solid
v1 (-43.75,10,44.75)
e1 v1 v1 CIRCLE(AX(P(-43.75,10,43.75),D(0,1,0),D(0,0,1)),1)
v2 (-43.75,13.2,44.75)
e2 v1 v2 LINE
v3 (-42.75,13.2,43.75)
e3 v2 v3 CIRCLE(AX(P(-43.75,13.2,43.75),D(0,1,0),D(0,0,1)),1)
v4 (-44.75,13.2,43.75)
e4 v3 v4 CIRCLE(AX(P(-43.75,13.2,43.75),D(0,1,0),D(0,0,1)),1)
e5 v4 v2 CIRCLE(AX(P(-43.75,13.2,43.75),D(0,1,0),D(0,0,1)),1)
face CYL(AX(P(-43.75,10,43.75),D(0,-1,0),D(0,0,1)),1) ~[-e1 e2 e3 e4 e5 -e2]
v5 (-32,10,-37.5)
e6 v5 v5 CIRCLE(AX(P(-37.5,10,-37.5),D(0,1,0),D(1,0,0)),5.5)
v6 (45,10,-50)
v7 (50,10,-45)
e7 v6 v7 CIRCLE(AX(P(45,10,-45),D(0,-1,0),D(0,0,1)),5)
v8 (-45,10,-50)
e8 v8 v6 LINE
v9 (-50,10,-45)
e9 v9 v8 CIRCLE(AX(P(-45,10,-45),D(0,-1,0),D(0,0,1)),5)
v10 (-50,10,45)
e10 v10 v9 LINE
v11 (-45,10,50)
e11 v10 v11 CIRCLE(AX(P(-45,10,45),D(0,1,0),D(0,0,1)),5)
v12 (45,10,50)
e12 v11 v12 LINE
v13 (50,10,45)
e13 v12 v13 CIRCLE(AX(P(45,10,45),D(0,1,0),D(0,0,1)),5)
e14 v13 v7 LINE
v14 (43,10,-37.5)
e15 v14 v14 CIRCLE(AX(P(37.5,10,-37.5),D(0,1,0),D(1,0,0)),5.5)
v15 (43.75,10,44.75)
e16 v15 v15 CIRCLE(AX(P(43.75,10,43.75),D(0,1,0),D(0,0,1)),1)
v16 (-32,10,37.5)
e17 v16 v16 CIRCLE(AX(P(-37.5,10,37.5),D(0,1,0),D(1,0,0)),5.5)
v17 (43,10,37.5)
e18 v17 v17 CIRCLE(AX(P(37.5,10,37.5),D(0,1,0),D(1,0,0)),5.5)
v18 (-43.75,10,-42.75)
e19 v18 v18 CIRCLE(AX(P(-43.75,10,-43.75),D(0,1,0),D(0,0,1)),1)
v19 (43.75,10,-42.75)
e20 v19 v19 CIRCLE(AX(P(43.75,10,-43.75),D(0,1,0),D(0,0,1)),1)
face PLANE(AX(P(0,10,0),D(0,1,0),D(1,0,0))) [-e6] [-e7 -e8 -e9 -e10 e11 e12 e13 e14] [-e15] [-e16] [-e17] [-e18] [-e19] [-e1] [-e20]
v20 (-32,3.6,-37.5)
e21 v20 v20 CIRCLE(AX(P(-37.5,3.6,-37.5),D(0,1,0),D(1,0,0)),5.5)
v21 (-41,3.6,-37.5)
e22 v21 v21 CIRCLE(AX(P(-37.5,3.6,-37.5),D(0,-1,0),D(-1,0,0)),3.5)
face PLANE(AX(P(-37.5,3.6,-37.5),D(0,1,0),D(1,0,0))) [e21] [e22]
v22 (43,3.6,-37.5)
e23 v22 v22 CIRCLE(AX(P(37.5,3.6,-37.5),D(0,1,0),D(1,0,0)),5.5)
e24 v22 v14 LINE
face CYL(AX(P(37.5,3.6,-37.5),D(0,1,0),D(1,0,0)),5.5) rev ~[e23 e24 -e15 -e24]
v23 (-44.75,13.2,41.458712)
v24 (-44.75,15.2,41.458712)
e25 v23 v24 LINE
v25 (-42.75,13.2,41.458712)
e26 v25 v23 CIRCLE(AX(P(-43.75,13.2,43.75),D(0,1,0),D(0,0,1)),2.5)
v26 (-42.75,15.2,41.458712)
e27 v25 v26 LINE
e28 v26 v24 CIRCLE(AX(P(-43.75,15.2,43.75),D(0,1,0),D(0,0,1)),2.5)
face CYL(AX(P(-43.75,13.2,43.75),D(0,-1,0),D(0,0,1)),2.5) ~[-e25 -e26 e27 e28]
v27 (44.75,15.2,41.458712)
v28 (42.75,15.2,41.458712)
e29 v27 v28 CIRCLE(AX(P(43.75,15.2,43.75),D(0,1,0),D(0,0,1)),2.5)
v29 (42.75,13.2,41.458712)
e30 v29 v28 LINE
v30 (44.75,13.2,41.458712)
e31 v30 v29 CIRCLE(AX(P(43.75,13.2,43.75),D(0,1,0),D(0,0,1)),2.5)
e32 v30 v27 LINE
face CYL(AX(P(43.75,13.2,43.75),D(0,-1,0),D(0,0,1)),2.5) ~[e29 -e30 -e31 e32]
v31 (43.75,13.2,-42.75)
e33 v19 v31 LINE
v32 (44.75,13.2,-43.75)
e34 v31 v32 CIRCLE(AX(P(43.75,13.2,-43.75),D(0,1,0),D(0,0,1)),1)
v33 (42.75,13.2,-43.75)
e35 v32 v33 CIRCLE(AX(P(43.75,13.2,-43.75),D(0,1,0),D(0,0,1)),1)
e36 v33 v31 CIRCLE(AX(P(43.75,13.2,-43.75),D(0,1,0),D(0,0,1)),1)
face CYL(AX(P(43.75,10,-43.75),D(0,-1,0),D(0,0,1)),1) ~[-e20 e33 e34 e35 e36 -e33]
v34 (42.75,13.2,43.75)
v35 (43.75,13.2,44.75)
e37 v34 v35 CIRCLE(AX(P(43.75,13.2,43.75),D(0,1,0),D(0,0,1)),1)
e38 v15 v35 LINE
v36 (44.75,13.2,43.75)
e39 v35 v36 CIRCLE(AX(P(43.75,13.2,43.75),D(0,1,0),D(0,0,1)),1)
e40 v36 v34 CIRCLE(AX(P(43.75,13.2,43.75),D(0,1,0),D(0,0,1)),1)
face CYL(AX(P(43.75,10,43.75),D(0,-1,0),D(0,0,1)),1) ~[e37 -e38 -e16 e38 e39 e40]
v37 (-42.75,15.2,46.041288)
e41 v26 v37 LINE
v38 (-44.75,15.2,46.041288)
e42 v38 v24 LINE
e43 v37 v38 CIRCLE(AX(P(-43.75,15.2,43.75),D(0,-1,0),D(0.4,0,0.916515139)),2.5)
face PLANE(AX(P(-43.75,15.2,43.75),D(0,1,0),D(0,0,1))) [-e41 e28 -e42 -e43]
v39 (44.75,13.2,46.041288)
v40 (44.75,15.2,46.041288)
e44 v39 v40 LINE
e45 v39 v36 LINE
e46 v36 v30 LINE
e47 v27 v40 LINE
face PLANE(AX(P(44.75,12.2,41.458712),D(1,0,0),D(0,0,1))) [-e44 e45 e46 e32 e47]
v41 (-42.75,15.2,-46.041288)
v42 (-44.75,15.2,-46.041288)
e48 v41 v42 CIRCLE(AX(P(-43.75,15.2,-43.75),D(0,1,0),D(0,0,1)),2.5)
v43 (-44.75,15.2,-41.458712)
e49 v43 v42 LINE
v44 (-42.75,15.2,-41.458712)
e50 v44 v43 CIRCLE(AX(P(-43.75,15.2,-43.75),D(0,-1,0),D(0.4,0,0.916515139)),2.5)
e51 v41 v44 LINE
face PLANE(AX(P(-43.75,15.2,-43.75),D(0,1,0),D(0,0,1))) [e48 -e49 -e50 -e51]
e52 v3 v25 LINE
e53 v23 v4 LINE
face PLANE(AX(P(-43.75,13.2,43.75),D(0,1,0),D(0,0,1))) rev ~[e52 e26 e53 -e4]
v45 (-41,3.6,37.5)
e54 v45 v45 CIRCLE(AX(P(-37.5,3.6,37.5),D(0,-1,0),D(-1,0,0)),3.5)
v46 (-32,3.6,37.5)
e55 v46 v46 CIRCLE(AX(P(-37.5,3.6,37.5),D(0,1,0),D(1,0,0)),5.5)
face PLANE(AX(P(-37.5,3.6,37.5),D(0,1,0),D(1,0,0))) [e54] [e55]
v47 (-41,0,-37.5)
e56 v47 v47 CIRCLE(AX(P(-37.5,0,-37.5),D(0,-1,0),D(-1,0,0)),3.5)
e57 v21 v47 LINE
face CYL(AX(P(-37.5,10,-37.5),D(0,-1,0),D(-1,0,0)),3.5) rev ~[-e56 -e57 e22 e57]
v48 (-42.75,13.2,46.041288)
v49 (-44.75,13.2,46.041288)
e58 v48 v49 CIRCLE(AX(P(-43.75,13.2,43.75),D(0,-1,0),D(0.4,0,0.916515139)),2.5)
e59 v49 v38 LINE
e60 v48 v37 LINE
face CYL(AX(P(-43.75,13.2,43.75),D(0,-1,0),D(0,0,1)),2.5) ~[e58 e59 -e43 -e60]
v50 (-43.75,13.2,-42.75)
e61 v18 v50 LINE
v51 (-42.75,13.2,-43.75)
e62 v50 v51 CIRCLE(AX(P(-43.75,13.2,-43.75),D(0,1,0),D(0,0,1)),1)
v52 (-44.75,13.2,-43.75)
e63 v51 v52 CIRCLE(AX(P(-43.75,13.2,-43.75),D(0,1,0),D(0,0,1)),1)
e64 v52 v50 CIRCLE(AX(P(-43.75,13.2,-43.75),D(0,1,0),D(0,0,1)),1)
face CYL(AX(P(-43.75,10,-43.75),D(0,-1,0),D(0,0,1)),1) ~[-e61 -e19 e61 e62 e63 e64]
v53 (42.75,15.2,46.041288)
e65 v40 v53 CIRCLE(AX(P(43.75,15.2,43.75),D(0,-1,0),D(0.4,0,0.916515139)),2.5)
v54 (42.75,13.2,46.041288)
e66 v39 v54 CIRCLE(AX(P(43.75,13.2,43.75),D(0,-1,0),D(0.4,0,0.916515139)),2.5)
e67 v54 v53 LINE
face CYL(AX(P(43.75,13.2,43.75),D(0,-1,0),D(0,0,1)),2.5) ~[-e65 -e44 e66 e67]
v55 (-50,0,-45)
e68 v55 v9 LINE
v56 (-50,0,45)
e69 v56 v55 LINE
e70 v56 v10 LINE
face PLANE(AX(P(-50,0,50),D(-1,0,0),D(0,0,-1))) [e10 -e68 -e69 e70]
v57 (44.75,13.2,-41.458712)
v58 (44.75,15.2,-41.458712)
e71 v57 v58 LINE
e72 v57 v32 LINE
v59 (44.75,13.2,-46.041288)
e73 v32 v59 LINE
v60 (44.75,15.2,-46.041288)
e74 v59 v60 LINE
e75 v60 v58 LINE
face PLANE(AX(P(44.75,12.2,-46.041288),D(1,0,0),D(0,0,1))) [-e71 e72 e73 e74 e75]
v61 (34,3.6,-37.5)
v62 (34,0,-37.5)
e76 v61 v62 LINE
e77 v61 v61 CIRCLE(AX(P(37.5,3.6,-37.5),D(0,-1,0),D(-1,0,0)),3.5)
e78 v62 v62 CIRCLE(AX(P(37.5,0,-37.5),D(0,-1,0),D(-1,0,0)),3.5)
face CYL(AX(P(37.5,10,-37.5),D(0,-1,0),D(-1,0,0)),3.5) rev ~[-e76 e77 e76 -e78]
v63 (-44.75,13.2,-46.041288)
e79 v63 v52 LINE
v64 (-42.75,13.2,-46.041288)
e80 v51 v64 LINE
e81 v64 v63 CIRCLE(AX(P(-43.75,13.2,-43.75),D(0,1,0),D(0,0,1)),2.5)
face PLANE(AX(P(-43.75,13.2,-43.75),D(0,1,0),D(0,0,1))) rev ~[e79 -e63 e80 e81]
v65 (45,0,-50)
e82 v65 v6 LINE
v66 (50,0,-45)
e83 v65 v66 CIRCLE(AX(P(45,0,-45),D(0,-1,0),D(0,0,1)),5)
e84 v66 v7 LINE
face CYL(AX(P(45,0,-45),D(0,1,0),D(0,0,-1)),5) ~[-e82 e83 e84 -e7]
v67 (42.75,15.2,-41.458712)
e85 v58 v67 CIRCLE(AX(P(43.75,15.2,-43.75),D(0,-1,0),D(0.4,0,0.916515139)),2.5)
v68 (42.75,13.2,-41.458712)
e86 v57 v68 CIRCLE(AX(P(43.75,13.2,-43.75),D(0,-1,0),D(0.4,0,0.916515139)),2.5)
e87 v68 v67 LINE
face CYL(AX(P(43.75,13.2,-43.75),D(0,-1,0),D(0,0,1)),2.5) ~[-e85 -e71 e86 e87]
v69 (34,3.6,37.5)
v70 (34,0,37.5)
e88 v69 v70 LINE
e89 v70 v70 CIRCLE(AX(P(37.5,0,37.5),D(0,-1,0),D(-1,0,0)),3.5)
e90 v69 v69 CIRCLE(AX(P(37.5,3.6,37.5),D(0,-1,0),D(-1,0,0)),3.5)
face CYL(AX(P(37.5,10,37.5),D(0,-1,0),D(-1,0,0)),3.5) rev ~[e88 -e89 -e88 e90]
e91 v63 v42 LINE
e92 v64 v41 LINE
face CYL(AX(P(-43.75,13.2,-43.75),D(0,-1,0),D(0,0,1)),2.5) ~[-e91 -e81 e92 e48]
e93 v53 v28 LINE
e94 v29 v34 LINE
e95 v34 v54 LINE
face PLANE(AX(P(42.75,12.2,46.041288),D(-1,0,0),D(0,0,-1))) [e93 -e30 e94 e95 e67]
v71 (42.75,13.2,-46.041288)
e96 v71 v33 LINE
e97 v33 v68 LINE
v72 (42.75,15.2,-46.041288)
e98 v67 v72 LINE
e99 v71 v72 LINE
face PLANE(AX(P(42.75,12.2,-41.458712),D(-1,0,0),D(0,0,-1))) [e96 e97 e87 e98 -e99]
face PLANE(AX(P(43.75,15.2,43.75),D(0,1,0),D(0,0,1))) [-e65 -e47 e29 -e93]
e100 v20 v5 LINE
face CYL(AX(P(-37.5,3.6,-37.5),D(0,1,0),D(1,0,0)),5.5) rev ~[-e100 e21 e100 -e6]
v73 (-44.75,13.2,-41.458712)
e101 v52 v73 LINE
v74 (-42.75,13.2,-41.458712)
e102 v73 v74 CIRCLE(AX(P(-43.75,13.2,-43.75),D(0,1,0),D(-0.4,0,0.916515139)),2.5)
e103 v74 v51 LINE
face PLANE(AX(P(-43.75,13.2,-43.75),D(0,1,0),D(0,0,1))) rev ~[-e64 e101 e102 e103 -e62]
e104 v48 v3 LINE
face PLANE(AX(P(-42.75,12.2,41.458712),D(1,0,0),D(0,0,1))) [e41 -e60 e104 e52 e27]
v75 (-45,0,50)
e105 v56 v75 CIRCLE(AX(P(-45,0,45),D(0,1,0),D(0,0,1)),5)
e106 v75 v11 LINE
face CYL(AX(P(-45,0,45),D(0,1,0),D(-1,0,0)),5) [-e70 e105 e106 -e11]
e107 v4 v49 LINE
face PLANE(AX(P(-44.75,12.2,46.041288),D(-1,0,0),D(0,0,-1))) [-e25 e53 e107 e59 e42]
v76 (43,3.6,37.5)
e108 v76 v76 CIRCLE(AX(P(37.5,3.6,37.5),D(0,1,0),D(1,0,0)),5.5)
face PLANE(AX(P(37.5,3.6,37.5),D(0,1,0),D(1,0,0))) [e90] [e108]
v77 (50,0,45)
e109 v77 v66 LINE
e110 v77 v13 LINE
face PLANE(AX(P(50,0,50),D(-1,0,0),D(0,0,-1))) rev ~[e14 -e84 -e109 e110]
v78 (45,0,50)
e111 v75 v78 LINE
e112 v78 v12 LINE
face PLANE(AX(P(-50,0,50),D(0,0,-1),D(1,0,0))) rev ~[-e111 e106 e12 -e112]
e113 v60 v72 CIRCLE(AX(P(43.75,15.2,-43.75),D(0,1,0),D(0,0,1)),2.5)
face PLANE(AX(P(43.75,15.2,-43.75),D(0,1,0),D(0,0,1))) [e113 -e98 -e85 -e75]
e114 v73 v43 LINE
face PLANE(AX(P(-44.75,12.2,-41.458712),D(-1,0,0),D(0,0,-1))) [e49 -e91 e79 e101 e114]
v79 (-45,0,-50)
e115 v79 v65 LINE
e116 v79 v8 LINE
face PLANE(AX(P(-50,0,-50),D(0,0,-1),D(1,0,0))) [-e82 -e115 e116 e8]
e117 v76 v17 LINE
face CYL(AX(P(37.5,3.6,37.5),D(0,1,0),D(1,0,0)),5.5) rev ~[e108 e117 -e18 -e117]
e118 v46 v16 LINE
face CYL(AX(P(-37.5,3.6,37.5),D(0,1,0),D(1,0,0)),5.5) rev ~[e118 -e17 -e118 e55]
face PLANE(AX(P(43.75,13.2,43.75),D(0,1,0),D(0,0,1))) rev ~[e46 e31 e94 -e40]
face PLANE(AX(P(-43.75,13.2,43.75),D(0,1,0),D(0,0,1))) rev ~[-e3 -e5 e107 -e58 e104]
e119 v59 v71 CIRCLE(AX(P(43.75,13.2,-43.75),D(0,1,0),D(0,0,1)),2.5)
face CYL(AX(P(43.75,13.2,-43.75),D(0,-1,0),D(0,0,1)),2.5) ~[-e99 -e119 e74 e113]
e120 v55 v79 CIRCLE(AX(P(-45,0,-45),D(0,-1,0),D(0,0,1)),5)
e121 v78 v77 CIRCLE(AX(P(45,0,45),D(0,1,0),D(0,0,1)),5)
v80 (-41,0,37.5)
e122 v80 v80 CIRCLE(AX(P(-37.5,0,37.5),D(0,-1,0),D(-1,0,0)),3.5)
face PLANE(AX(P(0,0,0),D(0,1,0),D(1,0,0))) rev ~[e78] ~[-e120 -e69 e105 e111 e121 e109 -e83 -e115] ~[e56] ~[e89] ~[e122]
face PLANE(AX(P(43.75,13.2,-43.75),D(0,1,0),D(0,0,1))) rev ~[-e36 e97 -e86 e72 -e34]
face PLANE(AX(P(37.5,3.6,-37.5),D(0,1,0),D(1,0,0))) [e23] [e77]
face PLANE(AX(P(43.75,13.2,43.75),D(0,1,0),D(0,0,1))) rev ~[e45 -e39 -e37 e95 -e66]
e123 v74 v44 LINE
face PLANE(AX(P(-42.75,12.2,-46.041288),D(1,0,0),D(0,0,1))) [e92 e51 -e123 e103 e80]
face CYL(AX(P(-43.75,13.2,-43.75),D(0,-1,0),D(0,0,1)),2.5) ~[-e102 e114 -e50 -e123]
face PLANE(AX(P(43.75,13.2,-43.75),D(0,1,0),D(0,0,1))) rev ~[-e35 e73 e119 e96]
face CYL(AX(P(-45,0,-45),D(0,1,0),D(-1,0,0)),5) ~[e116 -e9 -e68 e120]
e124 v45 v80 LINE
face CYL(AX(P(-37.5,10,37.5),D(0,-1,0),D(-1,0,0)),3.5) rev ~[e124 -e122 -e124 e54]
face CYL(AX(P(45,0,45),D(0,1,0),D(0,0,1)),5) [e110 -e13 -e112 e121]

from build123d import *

# Parameters (mm, degrees)
SKETCH1_W                                           = 100
SKETCH1_H                                           = 100
BOSS_EXTRUDE1_DEPTH                                 = 10
CBORE_FOR_M6_HEX_SOCKET_HEAD_CAP_SCREW1_D           = 7
CBORE_FOR_M6_HEX_SOCKET_HEAD_CAP_SCREW1_DEPTH       = 17.946987833
CBORE_FOR_M6_HEX_SOCKET_HEAD_CAP_SCREW1_CBORE_D     = 11
CBORE_FOR_M6_HEX_SOCKET_HEAD_CAP_SCREW1_CBORE_DEPTH = 6.4
CBORE_FOR_M6_HEX_SOCKET_HEAD_CAP_SCREW1_TIP         = 2.103012167
FILLET1_R                                           = 5
SKETCH4_R                                           = 1
BOSS_EXTRUDE2_DEPTH                                 = 3.2
SKETCH5_R                                           = 2.5
BOSS_EXTRUDE3_DEPTH                                 = 2
CUT_EXTRUDE1_START                                  = -3
CUT_EXTRUDE1_DEPTH                                  = 3
LPATTERN1_COUNT                                     = 2
LPATTERN1_PITCH                                     = 87.5
LPATTERN1_COUNT_DIR2                                = 2
LPATTERN1_PITCH_DIR2                                = 87.5


with BuildPart() as part:
    # Sketch1 → Boss-Extrude1 (new body)
    with BuildSketch(Plane(origin=(0, 0, 0), x_dir=(1, 0, 0), z_dir=(0, 1, 0))):
        Rectangle(SKETCH1_W, SKETCH1_H)
    extrude(amount=BOSS_EXTRUDE1_DEPTH)

    # CBORE for M6 Hex Socket Head Cap Screw1
    with Locations(Plane(origin=(0, 10, 0), x_dir=(1, 0, 0), z_dir=(0, 1, 0))):
        with Locations((-37.5, -37.5), (37.5, -37.5), (37.5, 37.5), (-37.5, 37.5)):
            CounterBoreHole(CBORE_FOR_M6_HEX_SOCKET_HEAD_CAP_SCREW1_D / 2, CBORE_FOR_M6_HEX_SOCKET_HEAD_CAP_SCREW1_CBORE_D / 2, CBORE_FOR_M6_HEX_SOCKET_HEAD_CAP_SCREW1_CBORE_DEPTH, depth=CBORE_FOR_M6_HEX_SOCKET_HEAD_CAP_SCREW1_DEPTH)
            with Locations((0, 0, -(CBORE_FOR_M6_HEX_SOCKET_HEAD_CAP_SCREW1_DEPTH + CBORE_FOR_M6_HEX_SOCKET_HEAD_CAP_SCREW1_TIP / 2))):  # 118° drill point
                Cone(0, CBORE_FOR_M6_HEX_SOCKET_HEAD_CAP_SCREW1_D / 2, CBORE_FOR_M6_HEX_SOCKET_HEAD_CAP_SCREW1_TIP, mode=Mode.SUBTRACT)

    # Fillet1
    fillet1_edges = [part.edges().sort_by_distance(p)[0] for p in [
        (50, 5, 50),
        (-50, 5, 50),
        (-50, 5, -50),
        (50, 5, -50),
    ]]
    fillet(fillet1_edges, radius=FILLET1_R)

    # Sketch4 → Boss-Extrude2 (add)
    with BuildSketch(Plane(origin=(0, 10, 0), x_dir=(1, 0, 0), z_dir=(0, 1, 0))):
        with Locations(Location((-43.75, 43.75, 0), (0, 0, 270))):
            Circle(SKETCH4_R)
        with Locations(Location((43.75, 43.75, 0), (0, 0, 270))):
            Circle(SKETCH4_R)
        with Locations(Location((-43.75, -43.75, 0), (0, 0, 270))):
            Circle(SKETCH4_R)
        with Locations(Location((43.75, -43.75, 0), (0, 0, 270))):
            Circle(SKETCH4_R)
    extrude(amount=BOSS_EXTRUDE2_DEPTH)

    # Sketch5 → Boss-Extrude3 (add)
    with BuildSketch(Plane(origin=(0, 13.2, 0), x_dir=(1, 0, 0), z_dir=(0, 1, 0))):
        with Locations(Location((-43.75, 43.75, 0), (0, 0, 270))):
            Circle(SKETCH5_R)
        with Locations(Location((43.75, 43.75, 0), (0, 0, 270))):
            Circle(SKETCH5_R)
        with Locations(Location((43.75, -43.75, 0), (0, 0, 270))):
            Circle(SKETCH5_R)
        with Locations(Location((-43.75, -43.75, 0), (0, 0, 270))):
            Circle(SKETCH5_R)
    extrude(amount=BOSS_EXTRUDE3_DEPTH)

    # Sketch6 → Cut-Extrude1 (cut)
    with BuildSketch(Plane(origin=(0, 15.2, 0), x_dir=(1, 0, 0), z_dir=(0, 1, 0)).offset(CUT_EXTRUDE1_START)):
        with BuildLine():
            ThreePointArc((-44.75, 46.041287847), (-46.25, 43.75), (-44.75, 41.458712153))
            Line((-44.75, 41.458712153), (-44.75, 46.041287847))
        make_face()
        with BuildLine():
            Line((-42.75, 46.041287847), (-42.75, 41.458712153))
            ThreePointArc((-42.75, 41.458712153), (-41.658349934, 42.380693606), (-41.25, 43.75))
            ThreePointArc((-41.25, 43.75), (-41.658349934, 45.119306394), (-42.75, 46.041287847))
        make_face()
    cut_extrude1 = extrude(amount=CUT_EXTRUDE1_DEPTH, mode=Mode.SUBTRACT)

    # LPattern1: Cut-Extrude1 2 × 2
    with Locations(*[(j * LPATTERN1_PITCH_DIR2, 0, i * LPATTERN1_PITCH) for i in range(LPATTERN1_COUNT) for j in range(LPATTERN1_COUNT_DIR2) if (i, j) != (0, 0)]):
        add(cut_extrude1, mode=Mode.SUBTRACT)


solid = part.part
